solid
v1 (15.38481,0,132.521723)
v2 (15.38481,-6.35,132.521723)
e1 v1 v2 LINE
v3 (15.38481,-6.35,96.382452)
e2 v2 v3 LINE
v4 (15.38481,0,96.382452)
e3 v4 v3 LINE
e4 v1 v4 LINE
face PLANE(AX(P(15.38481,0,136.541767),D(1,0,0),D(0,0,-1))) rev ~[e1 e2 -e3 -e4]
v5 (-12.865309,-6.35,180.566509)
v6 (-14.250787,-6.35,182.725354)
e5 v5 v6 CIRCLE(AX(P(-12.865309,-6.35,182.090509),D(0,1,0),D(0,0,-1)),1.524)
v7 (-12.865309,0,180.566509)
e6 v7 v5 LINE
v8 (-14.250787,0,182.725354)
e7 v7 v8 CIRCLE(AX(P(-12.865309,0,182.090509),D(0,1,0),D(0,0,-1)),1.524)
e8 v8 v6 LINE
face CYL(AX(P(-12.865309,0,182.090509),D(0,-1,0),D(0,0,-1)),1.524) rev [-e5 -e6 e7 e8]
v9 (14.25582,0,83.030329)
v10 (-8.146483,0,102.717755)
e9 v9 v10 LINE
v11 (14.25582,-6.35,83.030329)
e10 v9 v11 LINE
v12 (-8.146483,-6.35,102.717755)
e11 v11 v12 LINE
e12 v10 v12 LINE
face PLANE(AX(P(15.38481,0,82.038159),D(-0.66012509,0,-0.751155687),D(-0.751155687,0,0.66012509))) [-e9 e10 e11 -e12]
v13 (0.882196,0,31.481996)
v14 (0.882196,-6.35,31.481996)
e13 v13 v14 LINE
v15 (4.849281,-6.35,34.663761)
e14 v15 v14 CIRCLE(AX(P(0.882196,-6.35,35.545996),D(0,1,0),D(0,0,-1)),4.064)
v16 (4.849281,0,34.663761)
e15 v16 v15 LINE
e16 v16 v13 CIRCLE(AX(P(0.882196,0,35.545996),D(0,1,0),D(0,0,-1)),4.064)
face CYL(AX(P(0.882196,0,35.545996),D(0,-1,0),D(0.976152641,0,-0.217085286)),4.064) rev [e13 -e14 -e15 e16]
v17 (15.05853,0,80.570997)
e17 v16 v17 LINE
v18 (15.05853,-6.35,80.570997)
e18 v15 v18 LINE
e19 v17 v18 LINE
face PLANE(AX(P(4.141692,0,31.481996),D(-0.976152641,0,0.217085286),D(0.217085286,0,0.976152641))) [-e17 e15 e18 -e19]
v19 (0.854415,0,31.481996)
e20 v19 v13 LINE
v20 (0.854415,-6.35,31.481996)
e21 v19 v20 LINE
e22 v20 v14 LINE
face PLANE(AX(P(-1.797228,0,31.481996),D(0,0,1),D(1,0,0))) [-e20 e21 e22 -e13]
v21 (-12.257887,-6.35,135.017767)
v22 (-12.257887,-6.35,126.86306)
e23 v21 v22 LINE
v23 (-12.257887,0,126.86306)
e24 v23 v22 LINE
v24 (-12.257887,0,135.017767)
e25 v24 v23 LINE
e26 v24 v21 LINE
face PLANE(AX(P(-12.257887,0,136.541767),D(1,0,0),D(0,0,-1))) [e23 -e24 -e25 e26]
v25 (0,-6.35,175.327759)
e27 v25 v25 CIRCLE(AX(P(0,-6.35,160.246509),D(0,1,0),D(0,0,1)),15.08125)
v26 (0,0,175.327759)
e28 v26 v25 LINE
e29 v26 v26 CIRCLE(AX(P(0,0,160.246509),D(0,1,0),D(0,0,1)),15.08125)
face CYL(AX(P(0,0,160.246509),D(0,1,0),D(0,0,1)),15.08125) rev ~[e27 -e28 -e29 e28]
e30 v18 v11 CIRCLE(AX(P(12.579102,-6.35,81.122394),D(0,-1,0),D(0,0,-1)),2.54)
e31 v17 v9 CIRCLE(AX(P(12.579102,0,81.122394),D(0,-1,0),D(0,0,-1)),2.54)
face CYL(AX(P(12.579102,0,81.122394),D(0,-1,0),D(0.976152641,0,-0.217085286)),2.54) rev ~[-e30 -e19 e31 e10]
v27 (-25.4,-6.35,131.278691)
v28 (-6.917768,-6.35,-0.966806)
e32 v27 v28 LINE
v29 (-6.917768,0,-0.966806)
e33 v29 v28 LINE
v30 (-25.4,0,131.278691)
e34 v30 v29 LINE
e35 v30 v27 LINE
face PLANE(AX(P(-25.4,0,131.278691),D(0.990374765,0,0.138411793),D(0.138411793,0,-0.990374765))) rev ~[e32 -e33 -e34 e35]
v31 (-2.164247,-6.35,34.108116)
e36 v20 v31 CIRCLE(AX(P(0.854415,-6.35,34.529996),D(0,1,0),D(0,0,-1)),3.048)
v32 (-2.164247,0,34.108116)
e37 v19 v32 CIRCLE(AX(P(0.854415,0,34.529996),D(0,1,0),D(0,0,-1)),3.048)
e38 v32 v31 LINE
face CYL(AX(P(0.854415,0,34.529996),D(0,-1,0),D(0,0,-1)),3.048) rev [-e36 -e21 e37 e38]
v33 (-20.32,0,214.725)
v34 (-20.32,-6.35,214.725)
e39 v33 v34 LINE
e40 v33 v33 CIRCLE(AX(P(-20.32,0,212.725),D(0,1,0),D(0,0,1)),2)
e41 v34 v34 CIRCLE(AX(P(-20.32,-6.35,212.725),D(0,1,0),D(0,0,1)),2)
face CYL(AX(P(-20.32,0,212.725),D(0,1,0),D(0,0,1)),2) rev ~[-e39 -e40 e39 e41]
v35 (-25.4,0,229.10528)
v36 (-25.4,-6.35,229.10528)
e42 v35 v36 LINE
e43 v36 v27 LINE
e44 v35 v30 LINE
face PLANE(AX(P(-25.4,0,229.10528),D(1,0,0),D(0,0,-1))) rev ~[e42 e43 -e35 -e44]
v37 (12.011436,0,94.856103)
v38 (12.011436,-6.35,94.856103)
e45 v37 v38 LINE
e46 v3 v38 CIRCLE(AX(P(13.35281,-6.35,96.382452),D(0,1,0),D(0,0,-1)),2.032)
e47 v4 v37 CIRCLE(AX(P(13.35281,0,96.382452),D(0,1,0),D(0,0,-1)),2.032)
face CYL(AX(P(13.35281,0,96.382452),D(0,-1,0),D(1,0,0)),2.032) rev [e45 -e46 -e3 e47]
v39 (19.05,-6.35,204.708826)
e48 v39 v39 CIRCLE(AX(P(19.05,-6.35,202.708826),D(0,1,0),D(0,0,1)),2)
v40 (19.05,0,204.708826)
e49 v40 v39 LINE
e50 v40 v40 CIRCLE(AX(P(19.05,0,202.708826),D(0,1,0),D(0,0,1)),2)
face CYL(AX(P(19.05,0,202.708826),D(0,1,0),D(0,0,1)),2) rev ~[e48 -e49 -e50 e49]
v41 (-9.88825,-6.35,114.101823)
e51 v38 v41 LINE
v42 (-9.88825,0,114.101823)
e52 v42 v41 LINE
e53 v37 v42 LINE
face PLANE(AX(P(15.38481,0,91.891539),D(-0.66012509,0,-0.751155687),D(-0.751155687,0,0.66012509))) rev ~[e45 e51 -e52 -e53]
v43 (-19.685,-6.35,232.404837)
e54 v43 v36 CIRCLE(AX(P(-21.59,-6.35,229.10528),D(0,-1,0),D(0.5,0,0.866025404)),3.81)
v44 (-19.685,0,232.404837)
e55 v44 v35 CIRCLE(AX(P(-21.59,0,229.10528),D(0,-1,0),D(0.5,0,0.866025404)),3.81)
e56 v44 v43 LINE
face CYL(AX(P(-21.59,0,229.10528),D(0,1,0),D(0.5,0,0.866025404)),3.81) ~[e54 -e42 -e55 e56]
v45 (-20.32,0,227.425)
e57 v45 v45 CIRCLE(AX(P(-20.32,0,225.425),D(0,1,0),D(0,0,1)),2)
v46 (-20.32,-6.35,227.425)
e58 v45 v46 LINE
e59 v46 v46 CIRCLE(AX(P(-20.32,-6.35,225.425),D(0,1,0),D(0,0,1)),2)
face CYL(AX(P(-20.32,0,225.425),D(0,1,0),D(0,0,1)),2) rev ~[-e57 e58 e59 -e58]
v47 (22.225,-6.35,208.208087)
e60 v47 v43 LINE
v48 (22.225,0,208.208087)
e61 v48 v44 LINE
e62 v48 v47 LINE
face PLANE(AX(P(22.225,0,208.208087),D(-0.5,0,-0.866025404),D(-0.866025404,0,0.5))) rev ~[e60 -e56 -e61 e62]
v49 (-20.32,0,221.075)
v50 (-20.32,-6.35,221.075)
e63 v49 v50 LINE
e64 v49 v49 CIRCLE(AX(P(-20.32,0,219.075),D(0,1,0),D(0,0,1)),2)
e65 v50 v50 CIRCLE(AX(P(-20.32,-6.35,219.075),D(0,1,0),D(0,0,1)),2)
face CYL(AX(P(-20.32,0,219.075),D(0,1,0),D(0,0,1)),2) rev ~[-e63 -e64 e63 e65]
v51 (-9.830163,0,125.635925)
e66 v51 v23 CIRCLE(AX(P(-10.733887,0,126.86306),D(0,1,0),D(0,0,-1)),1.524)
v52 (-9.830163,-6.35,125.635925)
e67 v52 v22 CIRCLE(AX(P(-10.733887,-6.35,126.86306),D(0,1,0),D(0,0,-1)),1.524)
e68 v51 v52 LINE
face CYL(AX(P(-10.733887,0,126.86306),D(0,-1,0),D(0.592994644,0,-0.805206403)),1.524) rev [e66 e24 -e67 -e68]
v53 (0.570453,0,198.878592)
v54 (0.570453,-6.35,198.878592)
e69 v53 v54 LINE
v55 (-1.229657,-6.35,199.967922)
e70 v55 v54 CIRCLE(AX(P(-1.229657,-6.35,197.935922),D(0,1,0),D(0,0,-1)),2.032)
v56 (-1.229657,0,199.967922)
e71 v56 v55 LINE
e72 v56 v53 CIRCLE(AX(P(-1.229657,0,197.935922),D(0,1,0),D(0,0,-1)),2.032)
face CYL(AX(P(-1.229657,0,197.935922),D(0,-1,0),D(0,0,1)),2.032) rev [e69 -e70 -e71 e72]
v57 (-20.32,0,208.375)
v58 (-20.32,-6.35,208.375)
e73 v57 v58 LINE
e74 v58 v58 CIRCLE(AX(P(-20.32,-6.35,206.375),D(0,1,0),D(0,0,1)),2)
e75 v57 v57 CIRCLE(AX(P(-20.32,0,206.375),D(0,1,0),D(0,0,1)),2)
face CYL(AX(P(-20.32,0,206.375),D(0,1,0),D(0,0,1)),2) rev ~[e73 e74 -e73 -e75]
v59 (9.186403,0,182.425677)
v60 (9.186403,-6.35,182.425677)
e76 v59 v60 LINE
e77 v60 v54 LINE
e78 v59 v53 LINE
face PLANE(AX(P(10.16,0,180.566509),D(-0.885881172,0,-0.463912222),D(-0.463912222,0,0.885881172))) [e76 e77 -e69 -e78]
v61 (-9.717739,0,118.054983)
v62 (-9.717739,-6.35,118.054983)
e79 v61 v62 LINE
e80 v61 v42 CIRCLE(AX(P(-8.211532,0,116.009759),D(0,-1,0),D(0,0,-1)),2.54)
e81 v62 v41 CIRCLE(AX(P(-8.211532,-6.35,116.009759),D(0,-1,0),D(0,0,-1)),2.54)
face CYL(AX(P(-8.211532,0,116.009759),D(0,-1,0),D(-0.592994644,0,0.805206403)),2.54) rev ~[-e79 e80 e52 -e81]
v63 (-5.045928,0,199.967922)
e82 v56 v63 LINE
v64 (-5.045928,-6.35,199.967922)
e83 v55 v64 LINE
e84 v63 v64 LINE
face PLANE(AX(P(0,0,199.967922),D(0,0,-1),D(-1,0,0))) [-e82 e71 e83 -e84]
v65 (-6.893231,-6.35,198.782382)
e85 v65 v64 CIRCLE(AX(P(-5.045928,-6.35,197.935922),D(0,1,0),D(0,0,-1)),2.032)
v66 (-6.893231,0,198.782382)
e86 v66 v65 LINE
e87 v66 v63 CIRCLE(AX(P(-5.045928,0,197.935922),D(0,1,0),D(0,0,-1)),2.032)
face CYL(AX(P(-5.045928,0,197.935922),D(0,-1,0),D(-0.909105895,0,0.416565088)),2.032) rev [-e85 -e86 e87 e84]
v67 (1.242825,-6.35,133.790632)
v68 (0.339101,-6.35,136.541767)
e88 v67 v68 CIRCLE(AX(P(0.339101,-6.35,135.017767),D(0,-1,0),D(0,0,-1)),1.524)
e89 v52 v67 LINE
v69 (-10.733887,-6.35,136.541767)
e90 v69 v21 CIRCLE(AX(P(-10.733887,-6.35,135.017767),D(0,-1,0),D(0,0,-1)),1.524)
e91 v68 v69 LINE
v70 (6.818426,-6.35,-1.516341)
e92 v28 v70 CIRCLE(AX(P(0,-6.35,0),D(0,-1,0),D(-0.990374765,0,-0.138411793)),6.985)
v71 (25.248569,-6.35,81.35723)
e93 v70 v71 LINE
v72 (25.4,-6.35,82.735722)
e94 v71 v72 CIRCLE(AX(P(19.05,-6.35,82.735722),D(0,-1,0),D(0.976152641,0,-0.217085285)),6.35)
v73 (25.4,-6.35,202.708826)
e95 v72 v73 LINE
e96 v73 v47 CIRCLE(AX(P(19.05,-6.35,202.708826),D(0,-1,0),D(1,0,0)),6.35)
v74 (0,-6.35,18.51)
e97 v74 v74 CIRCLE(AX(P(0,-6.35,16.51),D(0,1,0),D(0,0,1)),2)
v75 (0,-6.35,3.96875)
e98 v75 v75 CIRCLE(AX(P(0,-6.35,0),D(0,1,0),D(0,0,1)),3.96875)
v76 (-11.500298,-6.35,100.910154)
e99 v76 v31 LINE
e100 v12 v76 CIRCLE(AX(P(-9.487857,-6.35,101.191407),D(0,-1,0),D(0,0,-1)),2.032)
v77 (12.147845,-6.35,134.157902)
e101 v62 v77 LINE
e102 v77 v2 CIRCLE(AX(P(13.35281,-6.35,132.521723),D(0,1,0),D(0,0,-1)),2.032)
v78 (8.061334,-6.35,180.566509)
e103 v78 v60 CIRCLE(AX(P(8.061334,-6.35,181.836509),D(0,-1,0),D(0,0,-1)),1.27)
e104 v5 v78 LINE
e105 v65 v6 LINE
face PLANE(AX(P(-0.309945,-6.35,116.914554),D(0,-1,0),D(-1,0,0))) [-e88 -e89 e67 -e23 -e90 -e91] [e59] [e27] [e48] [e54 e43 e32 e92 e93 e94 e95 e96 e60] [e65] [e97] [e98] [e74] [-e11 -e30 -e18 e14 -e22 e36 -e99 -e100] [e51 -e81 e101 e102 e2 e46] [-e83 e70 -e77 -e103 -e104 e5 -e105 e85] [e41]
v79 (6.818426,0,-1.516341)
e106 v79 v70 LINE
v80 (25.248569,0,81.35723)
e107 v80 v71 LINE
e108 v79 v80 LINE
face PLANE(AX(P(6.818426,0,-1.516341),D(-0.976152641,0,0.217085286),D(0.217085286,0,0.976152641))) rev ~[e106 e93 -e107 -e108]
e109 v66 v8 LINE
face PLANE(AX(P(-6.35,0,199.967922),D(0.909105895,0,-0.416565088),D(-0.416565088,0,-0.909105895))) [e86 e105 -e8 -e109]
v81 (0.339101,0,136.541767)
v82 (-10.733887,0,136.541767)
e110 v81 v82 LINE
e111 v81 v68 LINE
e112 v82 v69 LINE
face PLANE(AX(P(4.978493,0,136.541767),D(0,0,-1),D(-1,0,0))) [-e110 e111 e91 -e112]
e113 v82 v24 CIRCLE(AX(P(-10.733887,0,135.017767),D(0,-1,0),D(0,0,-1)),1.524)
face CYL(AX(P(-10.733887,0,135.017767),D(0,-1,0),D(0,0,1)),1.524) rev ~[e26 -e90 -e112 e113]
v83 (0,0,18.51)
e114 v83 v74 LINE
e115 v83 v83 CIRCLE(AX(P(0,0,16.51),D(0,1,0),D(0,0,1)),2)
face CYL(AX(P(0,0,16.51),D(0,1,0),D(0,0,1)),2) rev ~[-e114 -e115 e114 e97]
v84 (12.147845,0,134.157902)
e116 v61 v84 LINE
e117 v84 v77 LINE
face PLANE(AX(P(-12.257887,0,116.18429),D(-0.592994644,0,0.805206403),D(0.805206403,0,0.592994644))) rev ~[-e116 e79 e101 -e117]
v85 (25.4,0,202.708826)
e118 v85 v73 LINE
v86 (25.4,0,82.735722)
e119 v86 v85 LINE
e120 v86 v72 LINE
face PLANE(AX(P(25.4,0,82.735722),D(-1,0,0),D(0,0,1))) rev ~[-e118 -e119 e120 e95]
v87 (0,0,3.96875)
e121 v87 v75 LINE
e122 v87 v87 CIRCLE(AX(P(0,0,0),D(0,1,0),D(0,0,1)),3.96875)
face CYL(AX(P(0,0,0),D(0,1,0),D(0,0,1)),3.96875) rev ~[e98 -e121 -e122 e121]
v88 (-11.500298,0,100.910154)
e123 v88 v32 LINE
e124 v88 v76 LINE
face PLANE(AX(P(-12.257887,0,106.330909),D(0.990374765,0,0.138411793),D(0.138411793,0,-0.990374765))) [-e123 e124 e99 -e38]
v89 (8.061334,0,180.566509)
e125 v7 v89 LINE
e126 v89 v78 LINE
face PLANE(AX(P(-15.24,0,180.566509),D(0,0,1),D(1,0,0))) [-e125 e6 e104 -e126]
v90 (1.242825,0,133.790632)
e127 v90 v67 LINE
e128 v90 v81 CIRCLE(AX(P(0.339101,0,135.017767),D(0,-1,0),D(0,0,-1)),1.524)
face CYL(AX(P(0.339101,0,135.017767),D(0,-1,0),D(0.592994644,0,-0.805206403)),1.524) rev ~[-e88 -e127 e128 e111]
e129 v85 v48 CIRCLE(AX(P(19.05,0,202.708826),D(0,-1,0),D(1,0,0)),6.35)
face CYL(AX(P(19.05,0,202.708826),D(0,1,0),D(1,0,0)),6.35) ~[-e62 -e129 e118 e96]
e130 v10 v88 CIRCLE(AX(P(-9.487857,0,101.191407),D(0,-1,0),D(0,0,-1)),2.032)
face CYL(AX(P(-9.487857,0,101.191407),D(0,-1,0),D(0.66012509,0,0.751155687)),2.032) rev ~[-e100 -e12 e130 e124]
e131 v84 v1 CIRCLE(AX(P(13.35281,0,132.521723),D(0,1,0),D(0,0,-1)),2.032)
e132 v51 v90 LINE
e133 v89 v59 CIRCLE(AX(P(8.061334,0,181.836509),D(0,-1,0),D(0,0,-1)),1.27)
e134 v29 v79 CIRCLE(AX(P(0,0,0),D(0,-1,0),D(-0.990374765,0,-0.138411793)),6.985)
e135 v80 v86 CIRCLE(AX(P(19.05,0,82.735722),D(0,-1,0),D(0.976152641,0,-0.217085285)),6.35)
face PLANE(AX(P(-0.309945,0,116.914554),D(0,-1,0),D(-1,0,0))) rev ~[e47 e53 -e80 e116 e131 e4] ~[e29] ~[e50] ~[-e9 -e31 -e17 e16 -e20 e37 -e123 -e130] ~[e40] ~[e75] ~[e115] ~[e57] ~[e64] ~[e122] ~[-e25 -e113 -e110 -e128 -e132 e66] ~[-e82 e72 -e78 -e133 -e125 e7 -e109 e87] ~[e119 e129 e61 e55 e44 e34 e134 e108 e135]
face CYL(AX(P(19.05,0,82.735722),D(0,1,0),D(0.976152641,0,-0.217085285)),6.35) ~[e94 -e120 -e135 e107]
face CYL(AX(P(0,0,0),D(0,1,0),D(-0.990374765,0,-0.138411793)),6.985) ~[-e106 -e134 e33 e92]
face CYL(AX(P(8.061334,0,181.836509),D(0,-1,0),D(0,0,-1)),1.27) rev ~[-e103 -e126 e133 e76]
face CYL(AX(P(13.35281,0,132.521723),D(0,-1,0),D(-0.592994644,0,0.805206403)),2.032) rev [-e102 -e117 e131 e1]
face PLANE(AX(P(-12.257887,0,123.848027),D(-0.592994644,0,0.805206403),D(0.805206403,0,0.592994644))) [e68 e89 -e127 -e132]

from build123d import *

# Parameters (mm, degrees)
SKETCH1_R           = 3.96875
SKETCH1_R_2         = 15.08125
SKETCH1_R_3         = 2
BOSS_EXTRUDE1_DEPTH = 6.35
FILLET5_R           = 4.064
FILLET6_R           = 3.048
FILLET7_R           = 2.54
FILLET8_R           = 2.032
FILLET9_R           = 2.032
FILLET10_R          = 2.54
FILLET11_R          = 2.032
FILLET12_R          = 1.524
FILLET13_R          = 1.524
FILLET14_R          = 1.524
FILLET17_R          = 1.27
FILLET18_R          = 1.524
FILLET19_R          = 2.032
FILLET20_R          = 2.032


with BuildPart() as part:
    # Sketch1 → Boss-Extrude1 (new body)
    with BuildSketch(Plane(origin=(0, 0, 0), x_dir=(1, 0, 0), z_dir=(0, 1, 0))):
        with BuildLine():
            Line((25.4, -82.735721877), (25.4, -202.708825791))
            ThreePointArc((25.4, -202.708825791), (24.549261314, -205.883825791), (22.225, -208.208087105))
            Line((22.225, -208.208087105), (-19.685, -232.404836886))
            ThreePointArc((-19.685, -232.404836886), (-23.495, -232.404836886), (-25.4, -229.105280098))
            Line((-25.4, -229.105280098), (-25.4, -131.278691098))
            Line((-25.4, -131.278691098), (-6.917767735, 0.966806375))
            ThreePointArc((-6.917767735, 0.966806375), (-0.279220673, 6.97941694), (6.818426198, 1.51634072))
            Line((6.818426198, 1.51634072), (25.248569271, -81.357230313))
            ThreePointArc((25.248569271, -81.357230313), (25.362028789, -82.042329806), (25.4, -82.735721877))
        make_face()
        with Locations(Location((0, 0, 0), (0, 0, 270))):
            Circle(SKETCH1_R, mode=Mode.SUBTRACT)
        with Locations(Location((0, -160.246508934, 0), (0, 0, 270))):
            Circle(SKETCH1_R_2, mode=Mode.SUBTRACT)
        with Locations(Location((-20.32, -225.425, 0), (0, 0, 270))):
            Circle(SKETCH1_R_3, mode=Mode.SUBTRACT)
        with Locations(Location((-20.32, -219.075, 0), (0, 0, 270))):
            Circle(SKETCH1_R_3, mode=Mode.SUBTRACT)
        with Locations(Location((-20.32, -212.725, 0), (0, 0, 270))):
            Circle(SKETCH1_R_3, mode=Mode.SUBTRACT)
        with Locations(Location((-20.32, -206.375, 0), (0, 0, 270))):
            Circle(SKETCH1_R_3, mode=Mode.SUBTRACT)
        with Locations(Location((0, -16.51, 0), (0, 0, 270))):
            Circle(SKETCH1_R_3, mode=Mode.SUBTRACT)
        with Locations(Location((19.05, -202.708825791, 0), (0, 0, 270))):
            Circle(SKETCH1_R_3, mode=Mode.SUBTRACT)
        Polygon((4.14169212, -31.481995576), (15.384809867, -82.038158574), (-12.257886656, -106.330908852), (-1.797228059, -31.481995576), (0, -31.481995576), align=None, mode=Mode.SUBTRACT)
        Polygon((15.384809867, -91.891539471), (-12.257886656, -116.184289749), (15.384809867, -136.541766952), align=None, mode=Mode.SUBTRACT)
        Polygon((-12.257886656, -123.848026735), (4.97849313, -136.541766952), (-12.257886656, -136.541766952), align=None, mode=Mode.SUBTRACT)
        Polygon((-15.24, -180.566508934), (10.16, -180.566508934), (0, -199.967922148), (-6.35, -199.967922148), align=None, mode=Mode.SUBTRACT)
    extrude(amount=-BOSS_EXTRUDE1_DEPTH)

    # Fillet5
    fillet5_edges = [part.edges().sort_by_distance(p)[0] for p in [
        (4.14169212, -3.175, 31.481995576),
    ]]
    fillet(fillet5_edges, radius=FILLET5_R)

    # Fillet6
    fillet6_edges = [part.edges().sort_by_distance(p)[0] for p in [
        (-1.797228059, -3.175, 31.481995576),
    ]]
    fillet(fillet6_edges, radius=FILLET6_R)

    # Fillet7
    fillet7_edges = [part.edges().sort_by_distance(p)[0] for p in [
        (15.384809867, -3.175, 82.038158574),
    ]]
    fillet(fillet7_edges, radius=FILLET7_R)

    # Fillet8
    fillet8_edges = [part.edges().sort_by_distance(p)[0] for p in [
        (-12.257886656, -3.175, 106.330908852),
    ]]
    fillet(fillet8_edges, radius=FILLET8_R)

    # Fillet9
    fillet9_edges = [part.edges().sort_by_distance(p)[0] for p in [
        (15.384809867, -3.175, 91.891539471),
    ]]
    fillet(fillet9_edges, radius=FILLET9_R)

    # Fillet10
    fillet10_edges = [part.edges().sort_by_distance(p)[0] for p in [
        (-12.257886656, -3.175, 116.184289749),
    ]]
    fillet(fillet10_edges, radius=FILLET10_R)

    # Fillet11
    fillet11_edges = [part.edges().sort_by_distance(p)[0] for p in [
        (15.384809867, -3.175, 136.541766952),
    ]]
    fillet(fillet11_edges, radius=FILLET11_R)

    # Fillet12
    fillet12_edges = [part.edges().sort_by_distance(p)[0] for p in [
        (-12.257886656, -3.175, 123.848026735),
    ]]
    fillet(fillet12_edges, radius=FILLET12_R)

    # Fillet13
    fillet13_edges = [part.edges().sort_by_distance(p)[0] for p in [
        (4.97849313, -3.175, 136.541766952),
    ]]
    fillet(fillet13_edges, radius=FILLET13_R)

    # Fillet14
    fillet14_edges = [part.edges().sort_by_distance(p)[0] for p in [
        (-12.257886656, -3.175, 136.541766952),
    ]]
    fillet(fillet14_edges, radius=FILLET14_R)

    # Fillet17
    fillet17_edges = [part.edges().sort_by_distance(p)[0] for p in [
        (10.16, -3.175, 180.566508934),
    ]]
    fillet(fillet17_edges, radius=FILLET17_R)

    # Fillet18
    fillet18_edges = [part.edges().sort_by_distance(p)[0] for p in [
        (-15.24, -3.175, 180.566508934),
    ]]
    fillet(fillet18_edges, radius=FILLET18_R)

    # Fillet19
    fillet19_edges = [part.edges().sort_by_distance(p)[0] for p in [
        (-6.35, -3.175, 199.967922148),
    ]]
    fillet(fillet19_edges, radius=FILLET19_R)

    # Fillet20
    fillet20_edges = [part.edges().sort_by_distance(p)[0] for p in [
        (0, -3.175, 199.967922148),
    ]]
    fillet(fillet20_edges, radius=FILLET20_R)


solid = part.part
